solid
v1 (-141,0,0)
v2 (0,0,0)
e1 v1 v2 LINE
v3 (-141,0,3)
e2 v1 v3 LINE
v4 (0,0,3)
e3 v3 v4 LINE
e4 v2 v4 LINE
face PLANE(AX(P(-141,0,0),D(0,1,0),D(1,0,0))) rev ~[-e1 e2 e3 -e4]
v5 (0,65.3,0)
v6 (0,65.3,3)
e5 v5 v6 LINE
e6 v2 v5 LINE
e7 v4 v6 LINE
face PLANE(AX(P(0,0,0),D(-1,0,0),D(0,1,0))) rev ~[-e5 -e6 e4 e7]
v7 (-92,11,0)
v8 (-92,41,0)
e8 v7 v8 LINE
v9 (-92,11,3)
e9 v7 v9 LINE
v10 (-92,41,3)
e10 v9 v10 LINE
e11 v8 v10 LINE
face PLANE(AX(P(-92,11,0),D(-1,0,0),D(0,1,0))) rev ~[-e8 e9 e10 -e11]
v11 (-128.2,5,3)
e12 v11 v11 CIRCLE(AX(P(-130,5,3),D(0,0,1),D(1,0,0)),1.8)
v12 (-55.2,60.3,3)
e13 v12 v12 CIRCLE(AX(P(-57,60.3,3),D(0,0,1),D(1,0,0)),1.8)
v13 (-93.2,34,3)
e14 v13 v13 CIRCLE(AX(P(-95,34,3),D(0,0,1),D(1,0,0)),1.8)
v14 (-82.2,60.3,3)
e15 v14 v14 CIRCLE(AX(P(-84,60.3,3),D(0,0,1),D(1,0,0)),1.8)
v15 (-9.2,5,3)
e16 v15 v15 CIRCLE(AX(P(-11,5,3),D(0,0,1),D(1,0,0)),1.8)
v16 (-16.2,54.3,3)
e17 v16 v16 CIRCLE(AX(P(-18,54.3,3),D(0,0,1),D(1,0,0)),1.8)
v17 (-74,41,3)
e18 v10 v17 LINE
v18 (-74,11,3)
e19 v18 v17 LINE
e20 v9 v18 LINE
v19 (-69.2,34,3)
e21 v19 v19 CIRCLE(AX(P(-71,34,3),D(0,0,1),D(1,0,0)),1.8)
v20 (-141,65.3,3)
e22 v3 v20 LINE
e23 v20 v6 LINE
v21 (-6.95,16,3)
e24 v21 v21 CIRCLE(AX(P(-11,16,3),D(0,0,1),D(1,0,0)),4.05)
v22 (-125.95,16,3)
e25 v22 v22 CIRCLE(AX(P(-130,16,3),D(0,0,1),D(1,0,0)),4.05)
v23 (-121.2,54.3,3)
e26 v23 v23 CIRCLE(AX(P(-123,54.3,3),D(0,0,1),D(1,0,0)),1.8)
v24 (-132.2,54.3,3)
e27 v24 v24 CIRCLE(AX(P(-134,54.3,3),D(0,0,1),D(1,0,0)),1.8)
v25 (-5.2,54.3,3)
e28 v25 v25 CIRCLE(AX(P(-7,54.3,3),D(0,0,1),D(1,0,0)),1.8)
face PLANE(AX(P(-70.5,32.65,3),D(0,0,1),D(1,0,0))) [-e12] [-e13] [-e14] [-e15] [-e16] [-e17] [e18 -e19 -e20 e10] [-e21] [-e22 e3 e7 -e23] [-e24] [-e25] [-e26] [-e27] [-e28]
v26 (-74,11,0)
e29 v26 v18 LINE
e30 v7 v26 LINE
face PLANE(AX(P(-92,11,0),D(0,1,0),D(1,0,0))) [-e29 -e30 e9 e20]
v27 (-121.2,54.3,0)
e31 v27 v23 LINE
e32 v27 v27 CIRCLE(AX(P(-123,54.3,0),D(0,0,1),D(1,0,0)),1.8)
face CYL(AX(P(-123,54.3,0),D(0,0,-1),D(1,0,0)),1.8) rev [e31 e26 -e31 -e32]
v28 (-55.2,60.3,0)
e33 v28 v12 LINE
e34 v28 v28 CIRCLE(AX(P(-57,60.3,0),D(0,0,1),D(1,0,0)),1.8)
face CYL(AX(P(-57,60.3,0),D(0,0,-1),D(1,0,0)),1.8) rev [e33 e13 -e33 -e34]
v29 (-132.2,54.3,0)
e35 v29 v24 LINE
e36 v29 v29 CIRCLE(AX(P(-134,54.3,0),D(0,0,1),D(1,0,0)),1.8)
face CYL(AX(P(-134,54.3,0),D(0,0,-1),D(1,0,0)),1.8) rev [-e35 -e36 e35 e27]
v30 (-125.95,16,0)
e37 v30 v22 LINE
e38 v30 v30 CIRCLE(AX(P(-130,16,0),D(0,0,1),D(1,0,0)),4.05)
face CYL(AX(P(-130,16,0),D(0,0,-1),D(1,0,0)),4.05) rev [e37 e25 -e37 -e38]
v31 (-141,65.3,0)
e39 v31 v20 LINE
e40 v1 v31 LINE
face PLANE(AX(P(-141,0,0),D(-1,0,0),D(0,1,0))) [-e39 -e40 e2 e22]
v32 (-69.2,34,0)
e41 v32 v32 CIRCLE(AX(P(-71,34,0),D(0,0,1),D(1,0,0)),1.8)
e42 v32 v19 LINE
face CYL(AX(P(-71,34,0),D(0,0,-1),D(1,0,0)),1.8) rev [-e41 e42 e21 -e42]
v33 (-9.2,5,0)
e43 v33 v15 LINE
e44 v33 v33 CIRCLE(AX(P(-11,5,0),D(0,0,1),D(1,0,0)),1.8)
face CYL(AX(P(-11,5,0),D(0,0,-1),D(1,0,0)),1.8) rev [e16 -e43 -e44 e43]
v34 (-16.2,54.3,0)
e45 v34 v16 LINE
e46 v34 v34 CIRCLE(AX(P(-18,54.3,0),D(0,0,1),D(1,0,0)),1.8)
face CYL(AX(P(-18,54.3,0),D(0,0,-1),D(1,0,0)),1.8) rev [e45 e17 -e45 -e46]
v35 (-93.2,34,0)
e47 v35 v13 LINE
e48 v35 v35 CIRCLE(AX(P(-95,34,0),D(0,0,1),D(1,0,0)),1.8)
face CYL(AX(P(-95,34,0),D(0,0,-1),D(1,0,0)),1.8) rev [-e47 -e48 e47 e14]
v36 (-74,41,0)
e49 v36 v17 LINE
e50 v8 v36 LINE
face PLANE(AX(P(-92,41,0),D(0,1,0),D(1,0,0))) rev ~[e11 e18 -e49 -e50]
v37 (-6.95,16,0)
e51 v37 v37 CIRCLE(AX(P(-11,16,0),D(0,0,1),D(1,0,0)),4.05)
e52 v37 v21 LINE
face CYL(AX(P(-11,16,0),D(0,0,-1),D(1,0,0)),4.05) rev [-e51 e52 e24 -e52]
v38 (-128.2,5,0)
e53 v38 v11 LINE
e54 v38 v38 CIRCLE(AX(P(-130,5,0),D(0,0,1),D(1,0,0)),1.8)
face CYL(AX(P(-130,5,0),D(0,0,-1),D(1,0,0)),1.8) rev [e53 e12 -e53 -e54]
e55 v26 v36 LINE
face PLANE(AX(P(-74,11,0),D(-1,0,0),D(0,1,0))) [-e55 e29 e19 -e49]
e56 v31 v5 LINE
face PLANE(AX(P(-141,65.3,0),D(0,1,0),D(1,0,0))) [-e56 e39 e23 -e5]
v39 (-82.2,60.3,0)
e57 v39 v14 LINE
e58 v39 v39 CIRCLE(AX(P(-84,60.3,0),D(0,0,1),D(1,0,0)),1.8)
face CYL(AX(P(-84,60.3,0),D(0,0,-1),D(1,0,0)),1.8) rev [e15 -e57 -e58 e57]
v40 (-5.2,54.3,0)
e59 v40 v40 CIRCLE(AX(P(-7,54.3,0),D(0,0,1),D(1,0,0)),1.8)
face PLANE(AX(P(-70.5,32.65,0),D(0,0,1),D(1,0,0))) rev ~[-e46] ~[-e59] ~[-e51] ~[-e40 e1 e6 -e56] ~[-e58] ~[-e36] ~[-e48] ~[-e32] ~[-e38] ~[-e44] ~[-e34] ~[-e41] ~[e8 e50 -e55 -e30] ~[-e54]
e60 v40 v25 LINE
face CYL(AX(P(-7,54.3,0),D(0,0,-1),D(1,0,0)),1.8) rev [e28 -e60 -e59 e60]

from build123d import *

# Parameters (mm, degrees)
SKETCH_W   = 141
SKETCH_H   = 65.3
SKETCH_R   = 4.05
SKETCH_R_2 = 1.8
SKETCH_W_2 = 18
SKETCH_H_2 = 30
PAD_DEPTH  = 3


with BuildPart() as part:
    # Sketch → Pad (new body)
    with BuildSketch(Plane.XY):
        with Locations((-70.5, 32.65)):
            Rectangle(SKETCH_W, SKETCH_H)
        with Locations((-130, 16)):
            Circle(SKETCH_R, mode=Mode.SUBTRACT)
        with Locations((-11, 16)):
            Circle(SKETCH_R, mode=Mode.SUBTRACT)
        with Locations((-134, 54.3)):
            Circle(SKETCH_R_2, mode=Mode.SUBTRACT)
        with Locations((-123, 54.3)):
            Circle(SKETCH_R_2, mode=Mode.SUBTRACT)
        with Locations((-18, 54.3)):
            Circle(SKETCH_R_2, mode=Mode.SUBTRACT)
        with Locations((-7, 54.3)):
            Circle(SKETCH_R_2, mode=Mode.SUBTRACT)
        with Locations((-84, 60.3)):
            Circle(SKETCH_R_2, mode=Mode.SUBTRACT)
        with Locations((-57, 60.3)):
            Circle(SKETCH_R_2, mode=Mode.SUBTRACT)
        with Locations((-95, 34)):
            Circle(SKETCH_R_2, mode=Mode.SUBTRACT)
        with Locations((-71, 34)):
            Circle(SKETCH_R_2, mode=Mode.SUBTRACT)
        with Locations((-130, 5)):
            Circle(SKETCH_R_2, mode=Mode.SUBTRACT)
        with Locations((-11, 5)):
            Circle(SKETCH_R_2, mode=Mode.SUBTRACT)
        with Locations((-83, 26)):
            Rectangle(SKETCH_W_2, SKETCH_H_2, mode=Mode.SUBTRACT)
    extrude(amount=PAD_DEPTH)


solid = part.part
